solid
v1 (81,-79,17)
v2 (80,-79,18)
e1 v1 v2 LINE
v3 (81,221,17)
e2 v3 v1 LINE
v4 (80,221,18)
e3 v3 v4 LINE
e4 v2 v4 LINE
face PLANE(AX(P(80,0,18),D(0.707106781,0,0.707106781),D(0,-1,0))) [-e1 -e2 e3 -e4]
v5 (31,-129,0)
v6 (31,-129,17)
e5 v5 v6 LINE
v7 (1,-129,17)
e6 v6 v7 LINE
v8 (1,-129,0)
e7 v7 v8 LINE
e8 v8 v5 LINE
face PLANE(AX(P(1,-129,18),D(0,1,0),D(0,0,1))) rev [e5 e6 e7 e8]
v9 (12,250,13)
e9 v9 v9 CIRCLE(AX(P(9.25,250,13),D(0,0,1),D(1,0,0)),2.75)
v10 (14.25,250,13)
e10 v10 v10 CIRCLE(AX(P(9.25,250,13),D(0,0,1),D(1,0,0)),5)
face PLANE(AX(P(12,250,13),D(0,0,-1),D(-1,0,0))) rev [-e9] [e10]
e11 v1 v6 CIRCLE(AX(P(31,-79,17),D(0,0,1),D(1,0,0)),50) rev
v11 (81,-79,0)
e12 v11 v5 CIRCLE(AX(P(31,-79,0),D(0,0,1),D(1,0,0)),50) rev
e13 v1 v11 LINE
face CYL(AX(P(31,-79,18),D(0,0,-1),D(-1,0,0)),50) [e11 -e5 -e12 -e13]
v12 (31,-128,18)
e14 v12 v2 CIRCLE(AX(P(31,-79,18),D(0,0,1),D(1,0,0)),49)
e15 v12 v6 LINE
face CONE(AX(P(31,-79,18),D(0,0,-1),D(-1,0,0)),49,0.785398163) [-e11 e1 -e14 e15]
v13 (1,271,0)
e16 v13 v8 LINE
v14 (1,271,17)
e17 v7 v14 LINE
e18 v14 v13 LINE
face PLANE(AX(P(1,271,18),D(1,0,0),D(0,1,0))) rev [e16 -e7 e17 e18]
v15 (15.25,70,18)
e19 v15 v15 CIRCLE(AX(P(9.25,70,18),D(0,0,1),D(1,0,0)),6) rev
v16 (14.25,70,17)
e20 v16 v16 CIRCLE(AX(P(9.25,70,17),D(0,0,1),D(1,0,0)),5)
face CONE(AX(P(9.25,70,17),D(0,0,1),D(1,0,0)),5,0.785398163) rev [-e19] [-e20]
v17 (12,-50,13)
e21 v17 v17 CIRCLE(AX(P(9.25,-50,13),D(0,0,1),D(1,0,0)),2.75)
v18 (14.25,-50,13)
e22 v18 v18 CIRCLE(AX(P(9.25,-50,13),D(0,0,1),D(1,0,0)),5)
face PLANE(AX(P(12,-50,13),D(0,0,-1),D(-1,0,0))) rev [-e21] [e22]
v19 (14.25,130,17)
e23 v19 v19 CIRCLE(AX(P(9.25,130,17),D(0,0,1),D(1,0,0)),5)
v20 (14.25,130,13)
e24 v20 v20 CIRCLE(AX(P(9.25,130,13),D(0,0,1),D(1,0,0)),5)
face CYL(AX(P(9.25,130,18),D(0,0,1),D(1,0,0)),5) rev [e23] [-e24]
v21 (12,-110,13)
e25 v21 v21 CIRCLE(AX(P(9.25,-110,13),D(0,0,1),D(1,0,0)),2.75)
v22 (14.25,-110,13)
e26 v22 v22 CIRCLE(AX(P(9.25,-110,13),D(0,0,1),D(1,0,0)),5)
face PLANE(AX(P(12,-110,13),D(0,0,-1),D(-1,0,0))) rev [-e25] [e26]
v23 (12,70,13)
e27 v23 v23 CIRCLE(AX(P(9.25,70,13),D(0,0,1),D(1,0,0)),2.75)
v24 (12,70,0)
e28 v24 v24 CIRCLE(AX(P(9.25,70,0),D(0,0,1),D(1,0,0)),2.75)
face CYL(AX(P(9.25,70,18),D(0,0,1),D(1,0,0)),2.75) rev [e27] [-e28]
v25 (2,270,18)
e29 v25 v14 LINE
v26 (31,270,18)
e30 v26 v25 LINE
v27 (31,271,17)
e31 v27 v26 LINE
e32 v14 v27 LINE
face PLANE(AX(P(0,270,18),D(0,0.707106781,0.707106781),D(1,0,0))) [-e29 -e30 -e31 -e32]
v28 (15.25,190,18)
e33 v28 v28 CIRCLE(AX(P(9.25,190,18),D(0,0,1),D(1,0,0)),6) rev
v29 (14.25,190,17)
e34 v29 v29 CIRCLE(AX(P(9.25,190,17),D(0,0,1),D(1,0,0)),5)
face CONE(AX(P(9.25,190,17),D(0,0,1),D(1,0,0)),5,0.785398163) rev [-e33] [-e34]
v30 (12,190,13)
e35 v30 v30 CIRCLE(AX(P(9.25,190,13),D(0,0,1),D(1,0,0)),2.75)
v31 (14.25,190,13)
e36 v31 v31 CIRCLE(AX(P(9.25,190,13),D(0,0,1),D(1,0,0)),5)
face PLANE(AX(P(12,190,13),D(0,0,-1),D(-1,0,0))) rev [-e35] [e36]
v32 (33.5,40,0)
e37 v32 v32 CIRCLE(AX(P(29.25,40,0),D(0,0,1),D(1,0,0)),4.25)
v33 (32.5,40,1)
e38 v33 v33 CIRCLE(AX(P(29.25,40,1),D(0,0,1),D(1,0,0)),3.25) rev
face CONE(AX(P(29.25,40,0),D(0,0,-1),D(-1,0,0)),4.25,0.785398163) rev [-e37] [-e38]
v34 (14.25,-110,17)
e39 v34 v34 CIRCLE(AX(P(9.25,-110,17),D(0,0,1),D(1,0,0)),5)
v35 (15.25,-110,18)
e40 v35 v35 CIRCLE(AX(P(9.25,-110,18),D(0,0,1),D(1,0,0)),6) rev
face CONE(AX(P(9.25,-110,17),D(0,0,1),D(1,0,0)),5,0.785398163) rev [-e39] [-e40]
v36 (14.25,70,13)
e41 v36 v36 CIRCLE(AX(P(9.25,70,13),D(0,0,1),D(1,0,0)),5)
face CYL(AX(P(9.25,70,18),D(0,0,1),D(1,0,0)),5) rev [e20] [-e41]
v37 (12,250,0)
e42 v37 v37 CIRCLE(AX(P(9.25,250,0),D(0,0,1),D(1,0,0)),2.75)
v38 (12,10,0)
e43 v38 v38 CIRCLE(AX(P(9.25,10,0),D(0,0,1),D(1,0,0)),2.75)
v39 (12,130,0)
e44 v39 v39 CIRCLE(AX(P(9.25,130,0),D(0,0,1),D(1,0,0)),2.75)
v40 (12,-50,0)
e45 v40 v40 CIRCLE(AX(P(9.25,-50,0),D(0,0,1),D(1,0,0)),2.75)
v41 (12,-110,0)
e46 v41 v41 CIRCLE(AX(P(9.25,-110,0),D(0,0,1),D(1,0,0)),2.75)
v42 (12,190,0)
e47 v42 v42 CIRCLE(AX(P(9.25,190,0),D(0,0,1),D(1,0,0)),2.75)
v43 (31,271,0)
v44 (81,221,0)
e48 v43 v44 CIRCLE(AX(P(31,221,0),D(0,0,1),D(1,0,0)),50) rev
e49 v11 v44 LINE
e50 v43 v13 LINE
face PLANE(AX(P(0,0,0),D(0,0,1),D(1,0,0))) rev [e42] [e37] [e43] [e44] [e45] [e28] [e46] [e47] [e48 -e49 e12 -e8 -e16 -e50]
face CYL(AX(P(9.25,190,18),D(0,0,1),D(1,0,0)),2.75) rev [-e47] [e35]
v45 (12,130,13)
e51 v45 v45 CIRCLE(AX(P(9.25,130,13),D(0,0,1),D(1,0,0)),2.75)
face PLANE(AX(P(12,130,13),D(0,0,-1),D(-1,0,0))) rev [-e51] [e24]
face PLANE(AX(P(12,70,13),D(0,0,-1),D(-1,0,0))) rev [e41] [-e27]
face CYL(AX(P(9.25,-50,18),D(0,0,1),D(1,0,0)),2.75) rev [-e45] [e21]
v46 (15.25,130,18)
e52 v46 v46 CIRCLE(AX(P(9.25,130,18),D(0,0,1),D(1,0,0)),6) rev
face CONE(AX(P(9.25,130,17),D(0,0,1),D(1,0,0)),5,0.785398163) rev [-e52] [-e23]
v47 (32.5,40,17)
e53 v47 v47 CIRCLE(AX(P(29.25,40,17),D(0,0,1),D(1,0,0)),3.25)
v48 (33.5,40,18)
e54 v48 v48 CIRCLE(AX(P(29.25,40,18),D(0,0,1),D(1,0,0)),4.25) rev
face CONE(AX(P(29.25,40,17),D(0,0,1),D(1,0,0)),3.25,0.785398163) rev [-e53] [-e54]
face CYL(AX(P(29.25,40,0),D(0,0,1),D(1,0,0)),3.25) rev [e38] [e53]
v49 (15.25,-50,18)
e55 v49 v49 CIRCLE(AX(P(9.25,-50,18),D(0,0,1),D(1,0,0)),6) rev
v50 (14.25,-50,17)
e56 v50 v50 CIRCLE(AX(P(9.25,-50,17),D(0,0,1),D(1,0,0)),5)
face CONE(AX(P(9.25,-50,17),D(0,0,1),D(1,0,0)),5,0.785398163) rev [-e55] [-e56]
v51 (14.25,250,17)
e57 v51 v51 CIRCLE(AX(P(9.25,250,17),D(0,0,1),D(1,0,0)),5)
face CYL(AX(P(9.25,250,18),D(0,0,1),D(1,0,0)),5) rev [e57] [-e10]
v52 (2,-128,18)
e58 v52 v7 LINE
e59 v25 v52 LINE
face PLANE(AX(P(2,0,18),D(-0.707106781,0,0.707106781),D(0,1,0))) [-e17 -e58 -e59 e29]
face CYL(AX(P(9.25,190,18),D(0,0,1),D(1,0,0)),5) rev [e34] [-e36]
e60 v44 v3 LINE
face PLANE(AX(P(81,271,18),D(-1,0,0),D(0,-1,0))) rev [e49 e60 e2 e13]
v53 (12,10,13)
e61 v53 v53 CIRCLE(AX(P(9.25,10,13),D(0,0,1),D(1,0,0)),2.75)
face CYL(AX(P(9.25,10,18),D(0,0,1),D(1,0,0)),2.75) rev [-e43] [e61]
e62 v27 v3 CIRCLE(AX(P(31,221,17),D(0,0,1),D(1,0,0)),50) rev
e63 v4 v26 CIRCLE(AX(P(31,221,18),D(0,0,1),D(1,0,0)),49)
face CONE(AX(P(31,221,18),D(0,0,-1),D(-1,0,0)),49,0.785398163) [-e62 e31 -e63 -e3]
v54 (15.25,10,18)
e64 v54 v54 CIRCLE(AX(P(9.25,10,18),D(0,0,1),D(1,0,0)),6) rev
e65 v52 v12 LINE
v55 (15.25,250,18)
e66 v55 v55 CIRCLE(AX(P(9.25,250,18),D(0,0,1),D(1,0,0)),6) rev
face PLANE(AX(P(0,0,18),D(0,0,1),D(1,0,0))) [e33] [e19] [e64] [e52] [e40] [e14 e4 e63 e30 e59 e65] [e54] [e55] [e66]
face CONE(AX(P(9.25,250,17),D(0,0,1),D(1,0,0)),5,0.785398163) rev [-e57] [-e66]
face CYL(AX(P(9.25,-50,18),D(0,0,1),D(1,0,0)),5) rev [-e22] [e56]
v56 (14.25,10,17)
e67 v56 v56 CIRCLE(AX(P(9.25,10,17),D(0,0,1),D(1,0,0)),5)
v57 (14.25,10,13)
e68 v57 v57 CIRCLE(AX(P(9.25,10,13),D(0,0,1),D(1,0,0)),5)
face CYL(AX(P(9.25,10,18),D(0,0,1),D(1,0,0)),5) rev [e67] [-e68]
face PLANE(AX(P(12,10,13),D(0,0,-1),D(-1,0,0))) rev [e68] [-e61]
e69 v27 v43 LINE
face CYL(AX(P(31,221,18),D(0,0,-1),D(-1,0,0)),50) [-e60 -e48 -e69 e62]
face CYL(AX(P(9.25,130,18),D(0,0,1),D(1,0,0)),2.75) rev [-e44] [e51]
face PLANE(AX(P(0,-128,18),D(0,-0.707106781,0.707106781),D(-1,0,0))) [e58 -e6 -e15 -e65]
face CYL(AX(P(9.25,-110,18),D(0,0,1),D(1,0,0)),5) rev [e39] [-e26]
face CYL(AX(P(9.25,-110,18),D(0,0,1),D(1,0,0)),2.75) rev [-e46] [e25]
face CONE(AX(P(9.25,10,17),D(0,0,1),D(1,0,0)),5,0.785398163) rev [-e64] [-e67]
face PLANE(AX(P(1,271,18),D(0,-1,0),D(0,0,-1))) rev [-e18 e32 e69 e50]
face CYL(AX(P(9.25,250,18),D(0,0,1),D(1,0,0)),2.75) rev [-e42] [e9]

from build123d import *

# Parameters (mm, degrees)
SKETCH1_W                      = 80
SKETCH1_H                      = 400
BOSS_EXTRUDE1_DEPTH            = 18
FILLET1_R                      = 50
CBORE_FOR_M5_SHCS1_D           = 5.5
CBORE_FOR_M5_SHCS1_DEPTH       = 28.347633298
CBORE_FOR_M5_SHCS1_CBORE_D     = 10
CBORE_FOR_M5_SHCS1_CBORE_DEPTH = 5
CBORE_FOR_M5_SHCS1_TIP         = 1.652366702
CHAMFER1_SIZE                  = 1
SKETCH5_R                      = 3.25
CUT_EXTRUDE1_DEPTH             = 284.418418597
CHAMFER2_SIZE                  = 1


with BuildPart() as part:
    # Sketch1 → Boss-Extrude1 (new body)
    with BuildSketch(Plane.XY):
        with Locations((41, 71)):
            Rectangle(SKETCH1_W, SKETCH1_H)
    extrude(amount=BOSS_EXTRUDE1_DEPTH)

    # Fillet1
    fillet1_edges = [part.edges().sort_by_distance(p)[0] for p in [
        (81, 271, 9),
        (81, -129, 9),
    ]]
    fillet(fillet1_edges, radius=FILLET1_R)

    # CBORE for M5 SHCS1
    with Locations(Plane.XY.offset(18)):
        with Locations((9.25, 190), (9.25, 130), (9.25, 70), (9.25, 10), (9.25, -50), (9.25, -110), (9.25, 250)):
            CounterBoreHole(CBORE_FOR_M5_SHCS1_D / 2, CBORE_FOR_M5_SHCS1_CBORE_D / 2, CBORE_FOR_M5_SHCS1_CBORE_DEPTH, depth=CBORE_FOR_M5_SHCS1_DEPTH)
            with Locations((0, 0, -(CBORE_FOR_M5_SHCS1_DEPTH + CBORE_FOR_M5_SHCS1_TIP / 2))):  # 118° drill point
                Cone(0, CBORE_FOR_M5_SHCS1_D / 2, CBORE_FOR_M5_SHCS1_TIP, mode=Mode.SUBTRACT)

    # Chamfer1
    chamfer1_edges = [part.edges().sort_by_distance(p)[0] for p in [
        (16, 271, 18),
        (81, 71, 18),
        (66.355339059, -114.355339059, 18),
        (66.355339059, 256.355339059, 18),
        (4.25, 250, 18),
        (4.25, -110, 18),
        (4.25, -50, 18),
        (1, 71, 18),
        (4.25, 10, 18),
        (4.25, 70, 18),
        (4.25, 130, 18),
        (4.25, 190, 18),
        (16, -129, 18),
    ]]
    chamfer(chamfer1_edges, length=CHAMFER1_SIZE)

    # Sketch5 → Cut-Extrude1 (cut, through all)
    with BuildSketch(Plane.XY.offset(18)):
        with Locations((29.25, 40)):
            Circle(SKETCH5_R)
    extrude(amount=-CUT_EXTRUDE1_DEPTH, mode=Mode.SUBTRACT)

    # Chamfer2
    chamfer2_edges = [part.edges().sort_by_distance(p)[0] for p in [
        (26, 40, 0),
        (26, 40, 18),
    ]]
    chamfer(chamfer2_edges, length=CHAMFER2_SIZE)


solid = part.part
